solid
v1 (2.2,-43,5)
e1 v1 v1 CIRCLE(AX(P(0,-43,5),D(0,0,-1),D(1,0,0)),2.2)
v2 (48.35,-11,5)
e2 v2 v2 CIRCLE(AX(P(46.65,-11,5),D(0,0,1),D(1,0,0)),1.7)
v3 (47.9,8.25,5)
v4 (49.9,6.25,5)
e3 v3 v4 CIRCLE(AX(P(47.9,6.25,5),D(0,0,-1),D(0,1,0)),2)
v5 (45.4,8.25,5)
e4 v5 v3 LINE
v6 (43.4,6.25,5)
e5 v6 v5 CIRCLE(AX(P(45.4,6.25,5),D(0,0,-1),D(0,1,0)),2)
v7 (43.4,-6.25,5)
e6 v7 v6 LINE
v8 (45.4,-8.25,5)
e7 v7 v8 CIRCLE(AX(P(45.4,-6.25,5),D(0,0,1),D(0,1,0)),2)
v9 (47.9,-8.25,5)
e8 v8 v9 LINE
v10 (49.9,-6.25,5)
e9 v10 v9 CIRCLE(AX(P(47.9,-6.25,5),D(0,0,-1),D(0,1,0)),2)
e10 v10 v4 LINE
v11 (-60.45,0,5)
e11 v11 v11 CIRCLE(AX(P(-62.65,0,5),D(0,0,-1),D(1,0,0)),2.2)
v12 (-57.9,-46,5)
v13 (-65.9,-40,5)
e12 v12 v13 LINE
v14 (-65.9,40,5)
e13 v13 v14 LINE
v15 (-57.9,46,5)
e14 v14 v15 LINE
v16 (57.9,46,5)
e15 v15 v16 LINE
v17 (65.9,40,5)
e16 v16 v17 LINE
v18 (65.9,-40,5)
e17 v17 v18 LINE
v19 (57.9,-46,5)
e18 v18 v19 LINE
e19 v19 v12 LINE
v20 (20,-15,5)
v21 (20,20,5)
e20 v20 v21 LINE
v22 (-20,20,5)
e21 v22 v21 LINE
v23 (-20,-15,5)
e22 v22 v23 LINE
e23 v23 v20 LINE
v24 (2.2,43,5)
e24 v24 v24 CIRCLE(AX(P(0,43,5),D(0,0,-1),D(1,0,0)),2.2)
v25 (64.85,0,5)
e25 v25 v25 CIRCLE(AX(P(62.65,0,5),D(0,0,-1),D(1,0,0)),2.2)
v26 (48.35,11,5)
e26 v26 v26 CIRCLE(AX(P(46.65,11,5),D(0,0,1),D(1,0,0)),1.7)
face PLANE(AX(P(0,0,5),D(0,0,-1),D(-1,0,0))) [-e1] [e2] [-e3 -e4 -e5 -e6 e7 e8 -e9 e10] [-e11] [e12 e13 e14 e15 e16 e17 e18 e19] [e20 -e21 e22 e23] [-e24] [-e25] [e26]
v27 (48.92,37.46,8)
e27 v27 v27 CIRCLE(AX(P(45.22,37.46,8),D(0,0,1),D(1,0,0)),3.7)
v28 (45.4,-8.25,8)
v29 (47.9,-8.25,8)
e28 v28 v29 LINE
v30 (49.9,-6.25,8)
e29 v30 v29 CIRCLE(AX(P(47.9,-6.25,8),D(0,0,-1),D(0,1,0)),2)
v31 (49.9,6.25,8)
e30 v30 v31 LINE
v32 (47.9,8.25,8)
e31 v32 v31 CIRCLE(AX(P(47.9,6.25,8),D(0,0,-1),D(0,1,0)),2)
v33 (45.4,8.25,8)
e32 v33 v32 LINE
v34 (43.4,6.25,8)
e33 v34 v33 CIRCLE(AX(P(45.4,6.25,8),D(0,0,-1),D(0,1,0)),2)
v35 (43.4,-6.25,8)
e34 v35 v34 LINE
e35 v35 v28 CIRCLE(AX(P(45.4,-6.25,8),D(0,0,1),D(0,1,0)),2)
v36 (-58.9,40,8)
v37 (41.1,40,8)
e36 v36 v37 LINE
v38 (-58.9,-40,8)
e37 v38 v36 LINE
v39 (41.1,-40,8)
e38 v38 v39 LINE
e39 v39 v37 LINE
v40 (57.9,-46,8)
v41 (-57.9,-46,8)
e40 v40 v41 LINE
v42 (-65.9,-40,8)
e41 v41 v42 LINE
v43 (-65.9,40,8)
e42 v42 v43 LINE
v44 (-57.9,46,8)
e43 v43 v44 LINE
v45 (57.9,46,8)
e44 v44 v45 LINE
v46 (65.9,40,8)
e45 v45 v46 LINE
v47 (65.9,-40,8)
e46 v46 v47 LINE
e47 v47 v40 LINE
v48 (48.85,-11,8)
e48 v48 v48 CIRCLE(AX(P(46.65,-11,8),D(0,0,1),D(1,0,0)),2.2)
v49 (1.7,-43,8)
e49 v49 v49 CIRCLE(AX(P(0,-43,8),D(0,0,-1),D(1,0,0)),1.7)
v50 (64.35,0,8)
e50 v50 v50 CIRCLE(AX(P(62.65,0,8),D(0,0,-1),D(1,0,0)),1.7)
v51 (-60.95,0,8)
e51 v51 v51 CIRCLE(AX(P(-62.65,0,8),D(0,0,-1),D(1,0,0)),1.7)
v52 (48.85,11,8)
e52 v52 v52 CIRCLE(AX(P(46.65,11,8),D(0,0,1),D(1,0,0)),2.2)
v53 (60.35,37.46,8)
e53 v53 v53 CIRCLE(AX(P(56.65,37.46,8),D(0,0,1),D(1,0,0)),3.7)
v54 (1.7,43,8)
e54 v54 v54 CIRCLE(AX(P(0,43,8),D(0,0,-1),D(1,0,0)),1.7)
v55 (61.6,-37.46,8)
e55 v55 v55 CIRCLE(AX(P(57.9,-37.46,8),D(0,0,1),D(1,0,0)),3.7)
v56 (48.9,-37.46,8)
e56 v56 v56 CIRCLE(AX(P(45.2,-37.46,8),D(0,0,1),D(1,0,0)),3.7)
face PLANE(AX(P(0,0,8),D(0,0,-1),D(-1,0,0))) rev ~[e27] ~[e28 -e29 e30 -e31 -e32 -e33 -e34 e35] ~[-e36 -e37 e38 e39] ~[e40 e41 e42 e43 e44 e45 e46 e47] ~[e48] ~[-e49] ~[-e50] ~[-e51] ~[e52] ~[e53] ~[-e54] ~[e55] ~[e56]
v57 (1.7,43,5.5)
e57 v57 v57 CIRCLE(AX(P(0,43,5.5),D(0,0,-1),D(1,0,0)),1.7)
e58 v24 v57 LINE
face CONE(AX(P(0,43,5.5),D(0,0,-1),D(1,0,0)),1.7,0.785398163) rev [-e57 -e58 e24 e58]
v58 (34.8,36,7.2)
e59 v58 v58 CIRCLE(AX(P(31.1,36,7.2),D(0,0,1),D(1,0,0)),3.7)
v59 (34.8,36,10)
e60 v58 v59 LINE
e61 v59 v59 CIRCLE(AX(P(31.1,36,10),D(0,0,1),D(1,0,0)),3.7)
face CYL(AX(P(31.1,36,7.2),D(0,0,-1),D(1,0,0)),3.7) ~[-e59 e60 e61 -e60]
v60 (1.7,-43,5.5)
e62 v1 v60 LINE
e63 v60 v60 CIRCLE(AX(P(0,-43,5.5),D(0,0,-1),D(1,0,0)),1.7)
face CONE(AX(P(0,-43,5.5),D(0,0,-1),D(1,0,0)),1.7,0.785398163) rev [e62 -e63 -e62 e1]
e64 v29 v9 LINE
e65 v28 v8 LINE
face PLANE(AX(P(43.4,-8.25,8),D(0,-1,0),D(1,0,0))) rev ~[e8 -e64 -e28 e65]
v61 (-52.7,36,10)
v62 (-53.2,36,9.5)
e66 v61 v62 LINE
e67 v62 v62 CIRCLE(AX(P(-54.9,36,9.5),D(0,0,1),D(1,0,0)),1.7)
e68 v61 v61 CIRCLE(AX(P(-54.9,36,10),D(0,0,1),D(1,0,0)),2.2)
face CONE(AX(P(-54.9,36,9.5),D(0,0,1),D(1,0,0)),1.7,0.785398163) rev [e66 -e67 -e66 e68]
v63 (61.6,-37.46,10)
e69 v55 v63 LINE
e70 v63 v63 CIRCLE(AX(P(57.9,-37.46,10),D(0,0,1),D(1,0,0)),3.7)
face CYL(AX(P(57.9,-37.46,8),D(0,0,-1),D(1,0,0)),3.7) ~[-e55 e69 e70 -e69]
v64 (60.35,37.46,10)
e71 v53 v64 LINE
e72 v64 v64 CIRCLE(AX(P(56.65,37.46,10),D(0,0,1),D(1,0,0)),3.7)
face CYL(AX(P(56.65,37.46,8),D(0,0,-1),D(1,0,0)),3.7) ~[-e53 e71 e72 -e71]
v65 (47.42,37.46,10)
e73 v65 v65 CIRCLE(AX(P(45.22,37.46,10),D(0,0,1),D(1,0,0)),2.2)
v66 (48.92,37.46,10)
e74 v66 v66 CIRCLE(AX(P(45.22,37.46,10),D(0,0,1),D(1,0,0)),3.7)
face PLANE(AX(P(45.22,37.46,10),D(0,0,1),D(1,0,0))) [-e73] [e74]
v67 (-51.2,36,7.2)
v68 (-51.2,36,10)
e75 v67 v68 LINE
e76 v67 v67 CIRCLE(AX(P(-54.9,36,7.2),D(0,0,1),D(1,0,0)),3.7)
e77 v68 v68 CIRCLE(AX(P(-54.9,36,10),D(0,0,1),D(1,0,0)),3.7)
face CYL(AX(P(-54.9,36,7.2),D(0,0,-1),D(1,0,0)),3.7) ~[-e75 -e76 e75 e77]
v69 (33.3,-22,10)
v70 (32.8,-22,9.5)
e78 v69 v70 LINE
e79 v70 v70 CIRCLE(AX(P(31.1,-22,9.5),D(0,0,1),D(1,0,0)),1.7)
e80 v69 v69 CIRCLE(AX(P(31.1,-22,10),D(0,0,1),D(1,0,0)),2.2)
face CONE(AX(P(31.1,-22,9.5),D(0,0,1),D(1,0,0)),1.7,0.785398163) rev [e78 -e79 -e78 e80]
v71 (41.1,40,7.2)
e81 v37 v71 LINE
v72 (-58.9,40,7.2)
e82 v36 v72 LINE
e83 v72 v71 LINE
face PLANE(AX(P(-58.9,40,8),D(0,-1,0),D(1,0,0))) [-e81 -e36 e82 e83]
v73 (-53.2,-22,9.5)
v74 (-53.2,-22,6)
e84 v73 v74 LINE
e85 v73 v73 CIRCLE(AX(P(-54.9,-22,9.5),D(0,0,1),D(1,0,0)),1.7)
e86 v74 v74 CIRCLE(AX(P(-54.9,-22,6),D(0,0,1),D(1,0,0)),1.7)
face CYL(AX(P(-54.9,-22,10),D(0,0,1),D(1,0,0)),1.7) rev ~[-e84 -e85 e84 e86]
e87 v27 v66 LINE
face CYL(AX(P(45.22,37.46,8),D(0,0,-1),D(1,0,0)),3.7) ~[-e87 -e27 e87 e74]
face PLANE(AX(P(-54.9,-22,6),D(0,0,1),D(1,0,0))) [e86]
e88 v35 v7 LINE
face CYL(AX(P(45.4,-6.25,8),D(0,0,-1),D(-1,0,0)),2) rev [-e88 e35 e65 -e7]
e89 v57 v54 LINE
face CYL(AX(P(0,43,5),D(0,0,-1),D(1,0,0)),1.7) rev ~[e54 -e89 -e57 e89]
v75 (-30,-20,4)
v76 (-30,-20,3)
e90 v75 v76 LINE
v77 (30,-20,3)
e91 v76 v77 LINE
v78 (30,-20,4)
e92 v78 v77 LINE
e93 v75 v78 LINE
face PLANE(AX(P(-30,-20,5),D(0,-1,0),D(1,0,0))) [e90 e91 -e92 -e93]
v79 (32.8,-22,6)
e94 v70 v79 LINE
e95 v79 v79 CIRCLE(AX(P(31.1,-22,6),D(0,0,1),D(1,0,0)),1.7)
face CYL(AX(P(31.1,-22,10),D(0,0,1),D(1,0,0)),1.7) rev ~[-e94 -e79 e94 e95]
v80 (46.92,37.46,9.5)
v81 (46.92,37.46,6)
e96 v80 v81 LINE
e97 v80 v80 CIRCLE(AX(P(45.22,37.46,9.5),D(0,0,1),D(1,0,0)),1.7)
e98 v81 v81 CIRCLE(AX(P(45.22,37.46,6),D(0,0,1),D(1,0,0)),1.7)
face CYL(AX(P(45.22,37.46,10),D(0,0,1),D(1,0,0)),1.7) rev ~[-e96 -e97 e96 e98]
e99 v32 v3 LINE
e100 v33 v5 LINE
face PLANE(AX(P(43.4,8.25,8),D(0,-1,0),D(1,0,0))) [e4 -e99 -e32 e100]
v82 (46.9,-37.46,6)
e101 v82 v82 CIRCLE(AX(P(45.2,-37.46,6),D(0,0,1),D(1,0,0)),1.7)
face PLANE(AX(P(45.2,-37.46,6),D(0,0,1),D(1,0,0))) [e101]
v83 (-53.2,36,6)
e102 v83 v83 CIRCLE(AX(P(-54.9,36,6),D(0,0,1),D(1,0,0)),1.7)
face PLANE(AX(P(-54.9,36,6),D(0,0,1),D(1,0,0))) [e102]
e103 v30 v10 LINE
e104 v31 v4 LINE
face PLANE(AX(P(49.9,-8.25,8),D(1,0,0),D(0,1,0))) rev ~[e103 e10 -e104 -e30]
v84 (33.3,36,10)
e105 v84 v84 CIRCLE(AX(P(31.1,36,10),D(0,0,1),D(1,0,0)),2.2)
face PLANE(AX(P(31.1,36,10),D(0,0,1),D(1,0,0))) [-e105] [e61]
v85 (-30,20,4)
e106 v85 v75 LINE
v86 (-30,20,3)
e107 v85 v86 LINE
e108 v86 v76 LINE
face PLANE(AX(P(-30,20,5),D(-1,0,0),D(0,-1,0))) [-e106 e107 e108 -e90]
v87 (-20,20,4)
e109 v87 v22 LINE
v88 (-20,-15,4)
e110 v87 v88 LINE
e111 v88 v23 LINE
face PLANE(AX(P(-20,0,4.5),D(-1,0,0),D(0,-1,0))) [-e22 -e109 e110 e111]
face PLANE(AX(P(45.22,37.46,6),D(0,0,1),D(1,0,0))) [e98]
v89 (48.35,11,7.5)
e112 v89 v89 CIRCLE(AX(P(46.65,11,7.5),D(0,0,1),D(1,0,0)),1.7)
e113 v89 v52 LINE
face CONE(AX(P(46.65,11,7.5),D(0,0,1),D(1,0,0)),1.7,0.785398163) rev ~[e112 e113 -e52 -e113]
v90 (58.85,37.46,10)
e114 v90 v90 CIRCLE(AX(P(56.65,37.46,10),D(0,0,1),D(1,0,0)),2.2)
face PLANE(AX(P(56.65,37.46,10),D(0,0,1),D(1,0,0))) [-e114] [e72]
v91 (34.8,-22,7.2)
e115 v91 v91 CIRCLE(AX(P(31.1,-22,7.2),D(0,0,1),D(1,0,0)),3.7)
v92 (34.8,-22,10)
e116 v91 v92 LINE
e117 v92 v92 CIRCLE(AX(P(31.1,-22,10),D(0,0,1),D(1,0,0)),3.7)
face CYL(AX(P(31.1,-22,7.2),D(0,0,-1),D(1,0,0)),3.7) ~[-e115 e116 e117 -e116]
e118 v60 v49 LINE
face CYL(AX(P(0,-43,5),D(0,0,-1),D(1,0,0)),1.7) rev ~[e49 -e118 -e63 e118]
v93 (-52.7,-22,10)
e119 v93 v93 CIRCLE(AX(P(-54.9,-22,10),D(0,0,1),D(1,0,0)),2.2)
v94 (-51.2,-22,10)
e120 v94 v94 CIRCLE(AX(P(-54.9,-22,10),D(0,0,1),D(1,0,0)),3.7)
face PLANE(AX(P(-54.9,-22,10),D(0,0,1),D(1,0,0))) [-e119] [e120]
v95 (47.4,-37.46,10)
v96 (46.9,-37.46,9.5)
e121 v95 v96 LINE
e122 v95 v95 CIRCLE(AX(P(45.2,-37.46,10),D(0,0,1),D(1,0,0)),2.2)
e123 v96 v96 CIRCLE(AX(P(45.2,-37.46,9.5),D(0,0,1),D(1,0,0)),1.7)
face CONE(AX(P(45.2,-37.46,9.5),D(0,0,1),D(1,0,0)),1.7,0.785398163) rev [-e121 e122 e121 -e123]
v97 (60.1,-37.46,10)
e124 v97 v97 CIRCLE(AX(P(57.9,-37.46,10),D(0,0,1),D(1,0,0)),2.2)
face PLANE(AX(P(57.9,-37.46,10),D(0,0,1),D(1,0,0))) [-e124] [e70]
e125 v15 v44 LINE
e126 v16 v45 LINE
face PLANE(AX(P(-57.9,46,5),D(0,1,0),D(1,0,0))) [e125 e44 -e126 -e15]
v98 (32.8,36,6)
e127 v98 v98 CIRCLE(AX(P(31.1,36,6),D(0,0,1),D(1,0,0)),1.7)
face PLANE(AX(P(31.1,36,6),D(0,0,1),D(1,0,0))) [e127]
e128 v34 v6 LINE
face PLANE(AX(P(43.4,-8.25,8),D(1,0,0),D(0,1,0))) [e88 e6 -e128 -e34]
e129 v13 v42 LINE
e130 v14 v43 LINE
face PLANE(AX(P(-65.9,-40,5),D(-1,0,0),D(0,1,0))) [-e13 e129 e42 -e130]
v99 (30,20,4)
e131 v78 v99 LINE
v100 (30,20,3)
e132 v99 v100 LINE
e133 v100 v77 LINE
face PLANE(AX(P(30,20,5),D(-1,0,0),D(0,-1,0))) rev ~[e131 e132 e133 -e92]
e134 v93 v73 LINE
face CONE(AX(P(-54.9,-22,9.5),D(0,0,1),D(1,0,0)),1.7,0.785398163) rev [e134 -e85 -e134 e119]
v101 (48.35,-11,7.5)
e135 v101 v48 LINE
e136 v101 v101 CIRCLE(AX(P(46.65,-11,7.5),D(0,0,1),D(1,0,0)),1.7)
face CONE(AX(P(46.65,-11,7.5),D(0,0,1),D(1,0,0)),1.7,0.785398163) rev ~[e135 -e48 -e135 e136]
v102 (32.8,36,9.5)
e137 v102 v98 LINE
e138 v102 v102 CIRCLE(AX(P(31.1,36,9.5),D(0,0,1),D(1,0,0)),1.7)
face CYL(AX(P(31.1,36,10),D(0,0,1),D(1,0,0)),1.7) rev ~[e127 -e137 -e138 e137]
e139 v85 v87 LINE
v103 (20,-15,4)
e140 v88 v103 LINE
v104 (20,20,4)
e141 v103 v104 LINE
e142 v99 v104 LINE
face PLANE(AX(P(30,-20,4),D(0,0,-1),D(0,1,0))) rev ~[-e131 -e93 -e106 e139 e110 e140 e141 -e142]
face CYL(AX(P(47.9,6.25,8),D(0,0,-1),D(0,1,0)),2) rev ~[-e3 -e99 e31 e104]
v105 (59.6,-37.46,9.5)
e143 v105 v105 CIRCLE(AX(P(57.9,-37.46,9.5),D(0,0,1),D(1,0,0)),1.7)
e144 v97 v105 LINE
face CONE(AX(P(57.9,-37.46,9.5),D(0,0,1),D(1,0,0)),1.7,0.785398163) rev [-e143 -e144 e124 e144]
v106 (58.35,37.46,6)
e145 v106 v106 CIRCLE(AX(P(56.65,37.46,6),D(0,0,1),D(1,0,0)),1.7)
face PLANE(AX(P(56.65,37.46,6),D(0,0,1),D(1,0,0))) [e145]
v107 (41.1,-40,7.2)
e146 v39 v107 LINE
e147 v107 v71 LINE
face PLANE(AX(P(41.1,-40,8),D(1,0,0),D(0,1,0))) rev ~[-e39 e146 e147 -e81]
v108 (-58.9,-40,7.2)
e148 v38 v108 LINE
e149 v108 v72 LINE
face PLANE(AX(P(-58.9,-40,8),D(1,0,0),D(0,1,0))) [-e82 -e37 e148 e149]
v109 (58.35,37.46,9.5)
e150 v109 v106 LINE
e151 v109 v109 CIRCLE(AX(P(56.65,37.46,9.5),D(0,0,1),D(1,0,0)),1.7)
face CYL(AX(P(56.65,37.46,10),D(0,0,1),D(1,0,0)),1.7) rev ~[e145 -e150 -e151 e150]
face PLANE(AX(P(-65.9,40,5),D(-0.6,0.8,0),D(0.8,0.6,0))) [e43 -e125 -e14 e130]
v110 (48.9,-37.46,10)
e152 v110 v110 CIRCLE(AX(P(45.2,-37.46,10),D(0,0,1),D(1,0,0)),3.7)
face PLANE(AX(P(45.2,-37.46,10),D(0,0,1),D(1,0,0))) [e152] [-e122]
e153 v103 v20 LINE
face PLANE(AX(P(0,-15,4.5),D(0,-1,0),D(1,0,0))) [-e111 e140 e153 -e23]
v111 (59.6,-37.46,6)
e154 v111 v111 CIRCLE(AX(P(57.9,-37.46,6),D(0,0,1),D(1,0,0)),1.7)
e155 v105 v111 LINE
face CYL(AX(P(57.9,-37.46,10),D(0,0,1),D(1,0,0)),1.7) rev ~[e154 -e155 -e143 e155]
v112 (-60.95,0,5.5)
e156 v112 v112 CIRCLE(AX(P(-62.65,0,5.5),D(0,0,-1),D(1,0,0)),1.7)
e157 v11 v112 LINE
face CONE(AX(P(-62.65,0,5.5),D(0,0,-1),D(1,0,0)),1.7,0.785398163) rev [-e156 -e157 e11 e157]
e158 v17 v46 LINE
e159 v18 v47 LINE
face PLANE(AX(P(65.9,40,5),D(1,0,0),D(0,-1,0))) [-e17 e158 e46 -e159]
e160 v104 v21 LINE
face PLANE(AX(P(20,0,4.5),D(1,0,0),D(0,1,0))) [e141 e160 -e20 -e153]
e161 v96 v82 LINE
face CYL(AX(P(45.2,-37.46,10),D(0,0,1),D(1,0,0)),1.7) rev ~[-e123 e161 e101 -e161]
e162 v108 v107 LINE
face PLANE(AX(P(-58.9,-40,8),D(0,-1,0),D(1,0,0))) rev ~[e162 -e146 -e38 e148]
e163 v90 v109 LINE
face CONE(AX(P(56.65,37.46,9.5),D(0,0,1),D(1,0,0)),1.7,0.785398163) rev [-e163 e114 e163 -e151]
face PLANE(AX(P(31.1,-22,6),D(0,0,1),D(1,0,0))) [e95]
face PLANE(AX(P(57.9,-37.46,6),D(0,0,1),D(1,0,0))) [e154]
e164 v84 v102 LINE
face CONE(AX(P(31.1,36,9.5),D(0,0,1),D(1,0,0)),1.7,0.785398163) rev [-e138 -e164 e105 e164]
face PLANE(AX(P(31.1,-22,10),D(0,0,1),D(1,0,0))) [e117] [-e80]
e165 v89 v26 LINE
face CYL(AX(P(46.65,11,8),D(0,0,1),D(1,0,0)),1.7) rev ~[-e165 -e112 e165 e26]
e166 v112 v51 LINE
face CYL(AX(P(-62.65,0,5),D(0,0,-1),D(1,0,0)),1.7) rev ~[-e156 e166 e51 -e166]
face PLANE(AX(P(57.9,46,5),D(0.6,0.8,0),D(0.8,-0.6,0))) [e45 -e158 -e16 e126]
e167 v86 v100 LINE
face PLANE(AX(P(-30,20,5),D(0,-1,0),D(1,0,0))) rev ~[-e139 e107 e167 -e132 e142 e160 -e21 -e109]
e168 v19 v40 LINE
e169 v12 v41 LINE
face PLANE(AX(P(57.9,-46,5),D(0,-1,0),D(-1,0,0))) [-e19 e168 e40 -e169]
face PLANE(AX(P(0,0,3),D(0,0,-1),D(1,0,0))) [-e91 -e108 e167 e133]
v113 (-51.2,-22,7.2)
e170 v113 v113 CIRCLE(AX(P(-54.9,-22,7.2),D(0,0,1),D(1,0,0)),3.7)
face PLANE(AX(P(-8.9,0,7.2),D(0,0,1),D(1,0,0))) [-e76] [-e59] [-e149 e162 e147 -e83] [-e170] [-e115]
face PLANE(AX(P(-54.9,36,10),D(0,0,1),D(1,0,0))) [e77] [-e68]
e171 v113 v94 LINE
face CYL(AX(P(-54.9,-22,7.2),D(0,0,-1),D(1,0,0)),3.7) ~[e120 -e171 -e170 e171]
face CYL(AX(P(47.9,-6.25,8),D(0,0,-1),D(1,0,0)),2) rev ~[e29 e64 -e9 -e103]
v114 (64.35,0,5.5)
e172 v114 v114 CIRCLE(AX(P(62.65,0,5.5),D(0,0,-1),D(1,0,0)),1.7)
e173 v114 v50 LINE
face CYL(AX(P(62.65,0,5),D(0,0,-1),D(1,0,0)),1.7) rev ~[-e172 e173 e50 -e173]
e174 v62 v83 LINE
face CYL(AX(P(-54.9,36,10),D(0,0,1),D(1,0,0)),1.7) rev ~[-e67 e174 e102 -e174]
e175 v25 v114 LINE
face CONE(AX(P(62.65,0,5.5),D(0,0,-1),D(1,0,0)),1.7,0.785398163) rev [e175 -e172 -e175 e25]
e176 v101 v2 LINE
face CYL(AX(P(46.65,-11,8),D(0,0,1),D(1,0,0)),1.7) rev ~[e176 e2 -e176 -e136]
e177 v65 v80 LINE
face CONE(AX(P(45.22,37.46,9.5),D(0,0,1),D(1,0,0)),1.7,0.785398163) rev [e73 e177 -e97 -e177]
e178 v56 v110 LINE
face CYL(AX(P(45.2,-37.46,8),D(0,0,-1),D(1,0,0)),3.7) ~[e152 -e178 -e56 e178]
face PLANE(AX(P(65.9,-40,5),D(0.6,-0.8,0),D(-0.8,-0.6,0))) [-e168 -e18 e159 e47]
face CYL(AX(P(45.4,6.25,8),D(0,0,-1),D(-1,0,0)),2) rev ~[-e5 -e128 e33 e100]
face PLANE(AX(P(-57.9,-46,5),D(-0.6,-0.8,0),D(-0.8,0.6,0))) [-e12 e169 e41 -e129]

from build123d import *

# Parameters (mm, degrees)
PAD003_DEPTH    = 3
SKETCH020_W     = 100
SKETCH020_H     = 80
POCKET004_DEPTH = 0.8
SKETCH021_R     = 3.7
PAD004_DEPTH    = 2.8
SKETCH022_R     = 3.7
PAD005_DEPTH    = 2
SKETCH023_R     = 1.7
POCKET005_DEPTH = 4
SKETCH024_R     = 1.7
POCKET006_DEPTH = 3
SKETCH025_W     = 6.5
SKETCH025_H     = 16.5
POCKET007_DEPTH = 3
FILLET_R        = 2
SKETCH026_R     = 1.7
POCKET008_DEPTH = 3
CHAMFER_SIZE    = 0.5
SKETCH036_W     = 60
SKETCH036_H     = 40
PAD006_DEPTH    = 2
SKETCH034_W     = 40
SKETCH034_H     = 1
POCKET009_DEPTH = 10
SKETCH035_W     = 40
SKETCH035_H     = 1
POCKET011_DEPTH = 10
SKETCH037_W     = 40
SKETCH037_H     = 1
POCKET010_DEPTH = 5


with BuildPart() as part:
    # Sketch033 → Pad003 (new body)
    with BuildSketch(Plane.XY):
        Polygon((-65.9, 40), (-57.9, 46), (57.9, 46), (65.9, 40), (65.9, -40), (57.9, -46), (-57.9, -46), (-65.9, -40), align=None)
    extrude(amount=PAD003_DEPTH)

    # Sketch020 → Pocket004 (cut)
    with BuildSketch(Plane.XY.offset(3)):
        with Locations((-8.9, 0)):
            Rectangle(SKETCH020_W, SKETCH020_H)
    extrude(amount=-POCKET004_DEPTH, mode=Mode.SUBTRACT)

    # Sketch021 (on Face15 of Pocket004) → Pad004 (join)
    with BuildSketch(Plane.XY.offset(2.2)):
        with Locations((-54.9, 36)):
            Circle(SKETCH021_R)
        with Locations((31.1, 36)):
            Circle(SKETCH021_R)
        with Locations((31.1, -22)):
            Circle(SKETCH021_R)
        with Locations((-54.9, -22)):
            Circle(SKETCH021_R)
    extrude(amount=PAD004_DEPTH)

    # Sketch022 (on Face5 of Pad004) → Pad005 (join)
    with BuildSketch(Plane.XY.offset(3)):
        with Locations((45.22, 37.46)):
            Circle(SKETCH022_R)
        with Locations((56.65, 37.46)):
            Circle(SKETCH022_R)
        with Locations((45.2, -37.46)):
            Circle(SKETCH022_R)
        with Locations((57.9, -37.46)):
            Circle(SKETCH022_R)
    extrude(amount=PAD005_DEPTH)

    # Sketch023 (on Face29 of Pad005) → Pocket005 (cut)
    with BuildSketch(Plane.XY.offset(5)):
        with Locations((-54.9, 36)):
            Circle(SKETCH023_R)
        with Locations((-54.9, -22)):
            Circle(SKETCH023_R)
        with Locations((31.1, -22)):
            Circle(SKETCH023_R)
        with Locations((31.1, 36)):
            Circle(SKETCH023_R)
        with Locations((45.22, 37.46)):
            Circle(SKETCH023_R)
        with Locations((56.65, 37.46)):
            Circle(SKETCH023_R)
        with Locations((45.2, -37.46)):
            Circle(SKETCH023_R)
        with Locations((57.9, -37.46)):
            Circle(SKETCH023_R)
    extrude(amount=-POCKET005_DEPTH, mode=Mode.SUBTRACT)

    # Sketch024 (on Face4 of Pocket005) → Pocket006 (cut)
    with BuildSketch(Plane(origin=(0, 0, 0), x_dir=(1, 0, 0), z_dir=(0, 0, -1))):
        with Locations((0, 43)):
            Circle(SKETCH024_R)
        with Locations((-62.65, 0)):
            Circle(SKETCH024_R)
        with Locations((62.65, 0)):
            Circle(SKETCH024_R)
        with Locations((0, -43)):
            Circle(SKETCH024_R)
    extrude(amount=-POCKET006_DEPTH, mode=Mode.SUBTRACT)

    # Sketch025 (on Face5 of Pocket006) → Pocket007 (cut)
    with BuildSketch(Plane.XY.offset(3)):
        with Locations((46.65, 0)):
            Rectangle(SKETCH025_W, SKETCH025_H)
    extrude(amount=-POCKET007_DEPTH, mode=Mode.SUBTRACT)

    # Fillet
    fillet_edges = [part.edges().sort_by_distance(p)[0] for p in [
        (43.4, 8.25, 1.5),
        (49.9, 8.25, 1.5),
        (43.4, -8.25, 1.5),
        (49.9, -8.25, 1.5),
    ]]
    fillet(fillet_edges, radius=FILLET_R)

    # Sketch026 (on Face22 of Fillet) → Pocket008 (cut)
    with BuildSketch(Plane.XY.offset(3)):
        with Locations((46.65, 11)):
            Circle(SKETCH026_R)
        with Locations((46.65, -11)):
            Circle(SKETCH026_R)
    extrude(amount=-POCKET008_DEPTH, mode=Mode.SUBTRACT)

    # Chamfer
    chamfer_edges = [part.edges().sort_by_distance(p)[0] for p in [
        (44.95, 11, 3),
        (44.95, -11, 3),
        (43.52, 37.46, 5),
        (54.95, 37.46, 5),
        (29.4, 36, 5),
        (-56.6, 36, 5),
        (-56.6, -22, 5),
        (29.4, -22, 5),
        (43.5, -37.46, 5),
        (56.2, -37.46, 5),
        (60.95, 0, 0),
        (-1.7, 43, 0),
        (-64.35, 0, 0),
        (-1.7, -43, 0),
    ]]
    chamfer(chamfer_edges, length=CHAMFER_SIZE)

    # Sketch036 (on Face1 of Chamfer) → Pad006 (join)
    with BuildSketch(Plane(origin=(0, 0, 0), x_dir=(1, 0, 0), z_dir=(0, 0, -1))):
        Rectangle(SKETCH036_W, SKETCH036_H)
    extrude(amount=PAD006_DEPTH)

    # Sketch034 (on Face13 of Pad006) → Pocket009 (cut)
    with BuildSketch(Plane.YZ.offset(30)):
        with Locations((0, -0.5)):
            Rectangle(SKETCH034_W, SKETCH034_H)
    extrude(amount=-POCKET009_DEPTH, mode=Mode.SUBTRACT)

    # Sketch035 (on Face76 of Pocket009) → Pocket011 (cut)
    with BuildSketch(Plane(origin=(-30, 0, 0), x_dir=(0, -1, 0), z_dir=(-1, 0, 0))):
        with Locations((0, -0.5)):
            Rectangle(SKETCH035_W, SKETCH035_H)
    extrude(amount=-POCKET011_DEPTH, mode=Mode.SUBTRACT)

    # Sketch037 (on Face76 of Pocket011) → Pocket010 (cut)
    with BuildSketch(Plane.XZ.offset(20)):
        with Locations((0, -0.5)):
            Rectangle(SKETCH037_W, SKETCH037_H)
    extrude(amount=-POCKET010_DEPTH, mode=Mode.SUBTRACT)


with BuildPart() as part_1:
    # Body003 placement: moved
    add(part.part.moved(Location((0, 0, 5))))


solid = part_1.part
